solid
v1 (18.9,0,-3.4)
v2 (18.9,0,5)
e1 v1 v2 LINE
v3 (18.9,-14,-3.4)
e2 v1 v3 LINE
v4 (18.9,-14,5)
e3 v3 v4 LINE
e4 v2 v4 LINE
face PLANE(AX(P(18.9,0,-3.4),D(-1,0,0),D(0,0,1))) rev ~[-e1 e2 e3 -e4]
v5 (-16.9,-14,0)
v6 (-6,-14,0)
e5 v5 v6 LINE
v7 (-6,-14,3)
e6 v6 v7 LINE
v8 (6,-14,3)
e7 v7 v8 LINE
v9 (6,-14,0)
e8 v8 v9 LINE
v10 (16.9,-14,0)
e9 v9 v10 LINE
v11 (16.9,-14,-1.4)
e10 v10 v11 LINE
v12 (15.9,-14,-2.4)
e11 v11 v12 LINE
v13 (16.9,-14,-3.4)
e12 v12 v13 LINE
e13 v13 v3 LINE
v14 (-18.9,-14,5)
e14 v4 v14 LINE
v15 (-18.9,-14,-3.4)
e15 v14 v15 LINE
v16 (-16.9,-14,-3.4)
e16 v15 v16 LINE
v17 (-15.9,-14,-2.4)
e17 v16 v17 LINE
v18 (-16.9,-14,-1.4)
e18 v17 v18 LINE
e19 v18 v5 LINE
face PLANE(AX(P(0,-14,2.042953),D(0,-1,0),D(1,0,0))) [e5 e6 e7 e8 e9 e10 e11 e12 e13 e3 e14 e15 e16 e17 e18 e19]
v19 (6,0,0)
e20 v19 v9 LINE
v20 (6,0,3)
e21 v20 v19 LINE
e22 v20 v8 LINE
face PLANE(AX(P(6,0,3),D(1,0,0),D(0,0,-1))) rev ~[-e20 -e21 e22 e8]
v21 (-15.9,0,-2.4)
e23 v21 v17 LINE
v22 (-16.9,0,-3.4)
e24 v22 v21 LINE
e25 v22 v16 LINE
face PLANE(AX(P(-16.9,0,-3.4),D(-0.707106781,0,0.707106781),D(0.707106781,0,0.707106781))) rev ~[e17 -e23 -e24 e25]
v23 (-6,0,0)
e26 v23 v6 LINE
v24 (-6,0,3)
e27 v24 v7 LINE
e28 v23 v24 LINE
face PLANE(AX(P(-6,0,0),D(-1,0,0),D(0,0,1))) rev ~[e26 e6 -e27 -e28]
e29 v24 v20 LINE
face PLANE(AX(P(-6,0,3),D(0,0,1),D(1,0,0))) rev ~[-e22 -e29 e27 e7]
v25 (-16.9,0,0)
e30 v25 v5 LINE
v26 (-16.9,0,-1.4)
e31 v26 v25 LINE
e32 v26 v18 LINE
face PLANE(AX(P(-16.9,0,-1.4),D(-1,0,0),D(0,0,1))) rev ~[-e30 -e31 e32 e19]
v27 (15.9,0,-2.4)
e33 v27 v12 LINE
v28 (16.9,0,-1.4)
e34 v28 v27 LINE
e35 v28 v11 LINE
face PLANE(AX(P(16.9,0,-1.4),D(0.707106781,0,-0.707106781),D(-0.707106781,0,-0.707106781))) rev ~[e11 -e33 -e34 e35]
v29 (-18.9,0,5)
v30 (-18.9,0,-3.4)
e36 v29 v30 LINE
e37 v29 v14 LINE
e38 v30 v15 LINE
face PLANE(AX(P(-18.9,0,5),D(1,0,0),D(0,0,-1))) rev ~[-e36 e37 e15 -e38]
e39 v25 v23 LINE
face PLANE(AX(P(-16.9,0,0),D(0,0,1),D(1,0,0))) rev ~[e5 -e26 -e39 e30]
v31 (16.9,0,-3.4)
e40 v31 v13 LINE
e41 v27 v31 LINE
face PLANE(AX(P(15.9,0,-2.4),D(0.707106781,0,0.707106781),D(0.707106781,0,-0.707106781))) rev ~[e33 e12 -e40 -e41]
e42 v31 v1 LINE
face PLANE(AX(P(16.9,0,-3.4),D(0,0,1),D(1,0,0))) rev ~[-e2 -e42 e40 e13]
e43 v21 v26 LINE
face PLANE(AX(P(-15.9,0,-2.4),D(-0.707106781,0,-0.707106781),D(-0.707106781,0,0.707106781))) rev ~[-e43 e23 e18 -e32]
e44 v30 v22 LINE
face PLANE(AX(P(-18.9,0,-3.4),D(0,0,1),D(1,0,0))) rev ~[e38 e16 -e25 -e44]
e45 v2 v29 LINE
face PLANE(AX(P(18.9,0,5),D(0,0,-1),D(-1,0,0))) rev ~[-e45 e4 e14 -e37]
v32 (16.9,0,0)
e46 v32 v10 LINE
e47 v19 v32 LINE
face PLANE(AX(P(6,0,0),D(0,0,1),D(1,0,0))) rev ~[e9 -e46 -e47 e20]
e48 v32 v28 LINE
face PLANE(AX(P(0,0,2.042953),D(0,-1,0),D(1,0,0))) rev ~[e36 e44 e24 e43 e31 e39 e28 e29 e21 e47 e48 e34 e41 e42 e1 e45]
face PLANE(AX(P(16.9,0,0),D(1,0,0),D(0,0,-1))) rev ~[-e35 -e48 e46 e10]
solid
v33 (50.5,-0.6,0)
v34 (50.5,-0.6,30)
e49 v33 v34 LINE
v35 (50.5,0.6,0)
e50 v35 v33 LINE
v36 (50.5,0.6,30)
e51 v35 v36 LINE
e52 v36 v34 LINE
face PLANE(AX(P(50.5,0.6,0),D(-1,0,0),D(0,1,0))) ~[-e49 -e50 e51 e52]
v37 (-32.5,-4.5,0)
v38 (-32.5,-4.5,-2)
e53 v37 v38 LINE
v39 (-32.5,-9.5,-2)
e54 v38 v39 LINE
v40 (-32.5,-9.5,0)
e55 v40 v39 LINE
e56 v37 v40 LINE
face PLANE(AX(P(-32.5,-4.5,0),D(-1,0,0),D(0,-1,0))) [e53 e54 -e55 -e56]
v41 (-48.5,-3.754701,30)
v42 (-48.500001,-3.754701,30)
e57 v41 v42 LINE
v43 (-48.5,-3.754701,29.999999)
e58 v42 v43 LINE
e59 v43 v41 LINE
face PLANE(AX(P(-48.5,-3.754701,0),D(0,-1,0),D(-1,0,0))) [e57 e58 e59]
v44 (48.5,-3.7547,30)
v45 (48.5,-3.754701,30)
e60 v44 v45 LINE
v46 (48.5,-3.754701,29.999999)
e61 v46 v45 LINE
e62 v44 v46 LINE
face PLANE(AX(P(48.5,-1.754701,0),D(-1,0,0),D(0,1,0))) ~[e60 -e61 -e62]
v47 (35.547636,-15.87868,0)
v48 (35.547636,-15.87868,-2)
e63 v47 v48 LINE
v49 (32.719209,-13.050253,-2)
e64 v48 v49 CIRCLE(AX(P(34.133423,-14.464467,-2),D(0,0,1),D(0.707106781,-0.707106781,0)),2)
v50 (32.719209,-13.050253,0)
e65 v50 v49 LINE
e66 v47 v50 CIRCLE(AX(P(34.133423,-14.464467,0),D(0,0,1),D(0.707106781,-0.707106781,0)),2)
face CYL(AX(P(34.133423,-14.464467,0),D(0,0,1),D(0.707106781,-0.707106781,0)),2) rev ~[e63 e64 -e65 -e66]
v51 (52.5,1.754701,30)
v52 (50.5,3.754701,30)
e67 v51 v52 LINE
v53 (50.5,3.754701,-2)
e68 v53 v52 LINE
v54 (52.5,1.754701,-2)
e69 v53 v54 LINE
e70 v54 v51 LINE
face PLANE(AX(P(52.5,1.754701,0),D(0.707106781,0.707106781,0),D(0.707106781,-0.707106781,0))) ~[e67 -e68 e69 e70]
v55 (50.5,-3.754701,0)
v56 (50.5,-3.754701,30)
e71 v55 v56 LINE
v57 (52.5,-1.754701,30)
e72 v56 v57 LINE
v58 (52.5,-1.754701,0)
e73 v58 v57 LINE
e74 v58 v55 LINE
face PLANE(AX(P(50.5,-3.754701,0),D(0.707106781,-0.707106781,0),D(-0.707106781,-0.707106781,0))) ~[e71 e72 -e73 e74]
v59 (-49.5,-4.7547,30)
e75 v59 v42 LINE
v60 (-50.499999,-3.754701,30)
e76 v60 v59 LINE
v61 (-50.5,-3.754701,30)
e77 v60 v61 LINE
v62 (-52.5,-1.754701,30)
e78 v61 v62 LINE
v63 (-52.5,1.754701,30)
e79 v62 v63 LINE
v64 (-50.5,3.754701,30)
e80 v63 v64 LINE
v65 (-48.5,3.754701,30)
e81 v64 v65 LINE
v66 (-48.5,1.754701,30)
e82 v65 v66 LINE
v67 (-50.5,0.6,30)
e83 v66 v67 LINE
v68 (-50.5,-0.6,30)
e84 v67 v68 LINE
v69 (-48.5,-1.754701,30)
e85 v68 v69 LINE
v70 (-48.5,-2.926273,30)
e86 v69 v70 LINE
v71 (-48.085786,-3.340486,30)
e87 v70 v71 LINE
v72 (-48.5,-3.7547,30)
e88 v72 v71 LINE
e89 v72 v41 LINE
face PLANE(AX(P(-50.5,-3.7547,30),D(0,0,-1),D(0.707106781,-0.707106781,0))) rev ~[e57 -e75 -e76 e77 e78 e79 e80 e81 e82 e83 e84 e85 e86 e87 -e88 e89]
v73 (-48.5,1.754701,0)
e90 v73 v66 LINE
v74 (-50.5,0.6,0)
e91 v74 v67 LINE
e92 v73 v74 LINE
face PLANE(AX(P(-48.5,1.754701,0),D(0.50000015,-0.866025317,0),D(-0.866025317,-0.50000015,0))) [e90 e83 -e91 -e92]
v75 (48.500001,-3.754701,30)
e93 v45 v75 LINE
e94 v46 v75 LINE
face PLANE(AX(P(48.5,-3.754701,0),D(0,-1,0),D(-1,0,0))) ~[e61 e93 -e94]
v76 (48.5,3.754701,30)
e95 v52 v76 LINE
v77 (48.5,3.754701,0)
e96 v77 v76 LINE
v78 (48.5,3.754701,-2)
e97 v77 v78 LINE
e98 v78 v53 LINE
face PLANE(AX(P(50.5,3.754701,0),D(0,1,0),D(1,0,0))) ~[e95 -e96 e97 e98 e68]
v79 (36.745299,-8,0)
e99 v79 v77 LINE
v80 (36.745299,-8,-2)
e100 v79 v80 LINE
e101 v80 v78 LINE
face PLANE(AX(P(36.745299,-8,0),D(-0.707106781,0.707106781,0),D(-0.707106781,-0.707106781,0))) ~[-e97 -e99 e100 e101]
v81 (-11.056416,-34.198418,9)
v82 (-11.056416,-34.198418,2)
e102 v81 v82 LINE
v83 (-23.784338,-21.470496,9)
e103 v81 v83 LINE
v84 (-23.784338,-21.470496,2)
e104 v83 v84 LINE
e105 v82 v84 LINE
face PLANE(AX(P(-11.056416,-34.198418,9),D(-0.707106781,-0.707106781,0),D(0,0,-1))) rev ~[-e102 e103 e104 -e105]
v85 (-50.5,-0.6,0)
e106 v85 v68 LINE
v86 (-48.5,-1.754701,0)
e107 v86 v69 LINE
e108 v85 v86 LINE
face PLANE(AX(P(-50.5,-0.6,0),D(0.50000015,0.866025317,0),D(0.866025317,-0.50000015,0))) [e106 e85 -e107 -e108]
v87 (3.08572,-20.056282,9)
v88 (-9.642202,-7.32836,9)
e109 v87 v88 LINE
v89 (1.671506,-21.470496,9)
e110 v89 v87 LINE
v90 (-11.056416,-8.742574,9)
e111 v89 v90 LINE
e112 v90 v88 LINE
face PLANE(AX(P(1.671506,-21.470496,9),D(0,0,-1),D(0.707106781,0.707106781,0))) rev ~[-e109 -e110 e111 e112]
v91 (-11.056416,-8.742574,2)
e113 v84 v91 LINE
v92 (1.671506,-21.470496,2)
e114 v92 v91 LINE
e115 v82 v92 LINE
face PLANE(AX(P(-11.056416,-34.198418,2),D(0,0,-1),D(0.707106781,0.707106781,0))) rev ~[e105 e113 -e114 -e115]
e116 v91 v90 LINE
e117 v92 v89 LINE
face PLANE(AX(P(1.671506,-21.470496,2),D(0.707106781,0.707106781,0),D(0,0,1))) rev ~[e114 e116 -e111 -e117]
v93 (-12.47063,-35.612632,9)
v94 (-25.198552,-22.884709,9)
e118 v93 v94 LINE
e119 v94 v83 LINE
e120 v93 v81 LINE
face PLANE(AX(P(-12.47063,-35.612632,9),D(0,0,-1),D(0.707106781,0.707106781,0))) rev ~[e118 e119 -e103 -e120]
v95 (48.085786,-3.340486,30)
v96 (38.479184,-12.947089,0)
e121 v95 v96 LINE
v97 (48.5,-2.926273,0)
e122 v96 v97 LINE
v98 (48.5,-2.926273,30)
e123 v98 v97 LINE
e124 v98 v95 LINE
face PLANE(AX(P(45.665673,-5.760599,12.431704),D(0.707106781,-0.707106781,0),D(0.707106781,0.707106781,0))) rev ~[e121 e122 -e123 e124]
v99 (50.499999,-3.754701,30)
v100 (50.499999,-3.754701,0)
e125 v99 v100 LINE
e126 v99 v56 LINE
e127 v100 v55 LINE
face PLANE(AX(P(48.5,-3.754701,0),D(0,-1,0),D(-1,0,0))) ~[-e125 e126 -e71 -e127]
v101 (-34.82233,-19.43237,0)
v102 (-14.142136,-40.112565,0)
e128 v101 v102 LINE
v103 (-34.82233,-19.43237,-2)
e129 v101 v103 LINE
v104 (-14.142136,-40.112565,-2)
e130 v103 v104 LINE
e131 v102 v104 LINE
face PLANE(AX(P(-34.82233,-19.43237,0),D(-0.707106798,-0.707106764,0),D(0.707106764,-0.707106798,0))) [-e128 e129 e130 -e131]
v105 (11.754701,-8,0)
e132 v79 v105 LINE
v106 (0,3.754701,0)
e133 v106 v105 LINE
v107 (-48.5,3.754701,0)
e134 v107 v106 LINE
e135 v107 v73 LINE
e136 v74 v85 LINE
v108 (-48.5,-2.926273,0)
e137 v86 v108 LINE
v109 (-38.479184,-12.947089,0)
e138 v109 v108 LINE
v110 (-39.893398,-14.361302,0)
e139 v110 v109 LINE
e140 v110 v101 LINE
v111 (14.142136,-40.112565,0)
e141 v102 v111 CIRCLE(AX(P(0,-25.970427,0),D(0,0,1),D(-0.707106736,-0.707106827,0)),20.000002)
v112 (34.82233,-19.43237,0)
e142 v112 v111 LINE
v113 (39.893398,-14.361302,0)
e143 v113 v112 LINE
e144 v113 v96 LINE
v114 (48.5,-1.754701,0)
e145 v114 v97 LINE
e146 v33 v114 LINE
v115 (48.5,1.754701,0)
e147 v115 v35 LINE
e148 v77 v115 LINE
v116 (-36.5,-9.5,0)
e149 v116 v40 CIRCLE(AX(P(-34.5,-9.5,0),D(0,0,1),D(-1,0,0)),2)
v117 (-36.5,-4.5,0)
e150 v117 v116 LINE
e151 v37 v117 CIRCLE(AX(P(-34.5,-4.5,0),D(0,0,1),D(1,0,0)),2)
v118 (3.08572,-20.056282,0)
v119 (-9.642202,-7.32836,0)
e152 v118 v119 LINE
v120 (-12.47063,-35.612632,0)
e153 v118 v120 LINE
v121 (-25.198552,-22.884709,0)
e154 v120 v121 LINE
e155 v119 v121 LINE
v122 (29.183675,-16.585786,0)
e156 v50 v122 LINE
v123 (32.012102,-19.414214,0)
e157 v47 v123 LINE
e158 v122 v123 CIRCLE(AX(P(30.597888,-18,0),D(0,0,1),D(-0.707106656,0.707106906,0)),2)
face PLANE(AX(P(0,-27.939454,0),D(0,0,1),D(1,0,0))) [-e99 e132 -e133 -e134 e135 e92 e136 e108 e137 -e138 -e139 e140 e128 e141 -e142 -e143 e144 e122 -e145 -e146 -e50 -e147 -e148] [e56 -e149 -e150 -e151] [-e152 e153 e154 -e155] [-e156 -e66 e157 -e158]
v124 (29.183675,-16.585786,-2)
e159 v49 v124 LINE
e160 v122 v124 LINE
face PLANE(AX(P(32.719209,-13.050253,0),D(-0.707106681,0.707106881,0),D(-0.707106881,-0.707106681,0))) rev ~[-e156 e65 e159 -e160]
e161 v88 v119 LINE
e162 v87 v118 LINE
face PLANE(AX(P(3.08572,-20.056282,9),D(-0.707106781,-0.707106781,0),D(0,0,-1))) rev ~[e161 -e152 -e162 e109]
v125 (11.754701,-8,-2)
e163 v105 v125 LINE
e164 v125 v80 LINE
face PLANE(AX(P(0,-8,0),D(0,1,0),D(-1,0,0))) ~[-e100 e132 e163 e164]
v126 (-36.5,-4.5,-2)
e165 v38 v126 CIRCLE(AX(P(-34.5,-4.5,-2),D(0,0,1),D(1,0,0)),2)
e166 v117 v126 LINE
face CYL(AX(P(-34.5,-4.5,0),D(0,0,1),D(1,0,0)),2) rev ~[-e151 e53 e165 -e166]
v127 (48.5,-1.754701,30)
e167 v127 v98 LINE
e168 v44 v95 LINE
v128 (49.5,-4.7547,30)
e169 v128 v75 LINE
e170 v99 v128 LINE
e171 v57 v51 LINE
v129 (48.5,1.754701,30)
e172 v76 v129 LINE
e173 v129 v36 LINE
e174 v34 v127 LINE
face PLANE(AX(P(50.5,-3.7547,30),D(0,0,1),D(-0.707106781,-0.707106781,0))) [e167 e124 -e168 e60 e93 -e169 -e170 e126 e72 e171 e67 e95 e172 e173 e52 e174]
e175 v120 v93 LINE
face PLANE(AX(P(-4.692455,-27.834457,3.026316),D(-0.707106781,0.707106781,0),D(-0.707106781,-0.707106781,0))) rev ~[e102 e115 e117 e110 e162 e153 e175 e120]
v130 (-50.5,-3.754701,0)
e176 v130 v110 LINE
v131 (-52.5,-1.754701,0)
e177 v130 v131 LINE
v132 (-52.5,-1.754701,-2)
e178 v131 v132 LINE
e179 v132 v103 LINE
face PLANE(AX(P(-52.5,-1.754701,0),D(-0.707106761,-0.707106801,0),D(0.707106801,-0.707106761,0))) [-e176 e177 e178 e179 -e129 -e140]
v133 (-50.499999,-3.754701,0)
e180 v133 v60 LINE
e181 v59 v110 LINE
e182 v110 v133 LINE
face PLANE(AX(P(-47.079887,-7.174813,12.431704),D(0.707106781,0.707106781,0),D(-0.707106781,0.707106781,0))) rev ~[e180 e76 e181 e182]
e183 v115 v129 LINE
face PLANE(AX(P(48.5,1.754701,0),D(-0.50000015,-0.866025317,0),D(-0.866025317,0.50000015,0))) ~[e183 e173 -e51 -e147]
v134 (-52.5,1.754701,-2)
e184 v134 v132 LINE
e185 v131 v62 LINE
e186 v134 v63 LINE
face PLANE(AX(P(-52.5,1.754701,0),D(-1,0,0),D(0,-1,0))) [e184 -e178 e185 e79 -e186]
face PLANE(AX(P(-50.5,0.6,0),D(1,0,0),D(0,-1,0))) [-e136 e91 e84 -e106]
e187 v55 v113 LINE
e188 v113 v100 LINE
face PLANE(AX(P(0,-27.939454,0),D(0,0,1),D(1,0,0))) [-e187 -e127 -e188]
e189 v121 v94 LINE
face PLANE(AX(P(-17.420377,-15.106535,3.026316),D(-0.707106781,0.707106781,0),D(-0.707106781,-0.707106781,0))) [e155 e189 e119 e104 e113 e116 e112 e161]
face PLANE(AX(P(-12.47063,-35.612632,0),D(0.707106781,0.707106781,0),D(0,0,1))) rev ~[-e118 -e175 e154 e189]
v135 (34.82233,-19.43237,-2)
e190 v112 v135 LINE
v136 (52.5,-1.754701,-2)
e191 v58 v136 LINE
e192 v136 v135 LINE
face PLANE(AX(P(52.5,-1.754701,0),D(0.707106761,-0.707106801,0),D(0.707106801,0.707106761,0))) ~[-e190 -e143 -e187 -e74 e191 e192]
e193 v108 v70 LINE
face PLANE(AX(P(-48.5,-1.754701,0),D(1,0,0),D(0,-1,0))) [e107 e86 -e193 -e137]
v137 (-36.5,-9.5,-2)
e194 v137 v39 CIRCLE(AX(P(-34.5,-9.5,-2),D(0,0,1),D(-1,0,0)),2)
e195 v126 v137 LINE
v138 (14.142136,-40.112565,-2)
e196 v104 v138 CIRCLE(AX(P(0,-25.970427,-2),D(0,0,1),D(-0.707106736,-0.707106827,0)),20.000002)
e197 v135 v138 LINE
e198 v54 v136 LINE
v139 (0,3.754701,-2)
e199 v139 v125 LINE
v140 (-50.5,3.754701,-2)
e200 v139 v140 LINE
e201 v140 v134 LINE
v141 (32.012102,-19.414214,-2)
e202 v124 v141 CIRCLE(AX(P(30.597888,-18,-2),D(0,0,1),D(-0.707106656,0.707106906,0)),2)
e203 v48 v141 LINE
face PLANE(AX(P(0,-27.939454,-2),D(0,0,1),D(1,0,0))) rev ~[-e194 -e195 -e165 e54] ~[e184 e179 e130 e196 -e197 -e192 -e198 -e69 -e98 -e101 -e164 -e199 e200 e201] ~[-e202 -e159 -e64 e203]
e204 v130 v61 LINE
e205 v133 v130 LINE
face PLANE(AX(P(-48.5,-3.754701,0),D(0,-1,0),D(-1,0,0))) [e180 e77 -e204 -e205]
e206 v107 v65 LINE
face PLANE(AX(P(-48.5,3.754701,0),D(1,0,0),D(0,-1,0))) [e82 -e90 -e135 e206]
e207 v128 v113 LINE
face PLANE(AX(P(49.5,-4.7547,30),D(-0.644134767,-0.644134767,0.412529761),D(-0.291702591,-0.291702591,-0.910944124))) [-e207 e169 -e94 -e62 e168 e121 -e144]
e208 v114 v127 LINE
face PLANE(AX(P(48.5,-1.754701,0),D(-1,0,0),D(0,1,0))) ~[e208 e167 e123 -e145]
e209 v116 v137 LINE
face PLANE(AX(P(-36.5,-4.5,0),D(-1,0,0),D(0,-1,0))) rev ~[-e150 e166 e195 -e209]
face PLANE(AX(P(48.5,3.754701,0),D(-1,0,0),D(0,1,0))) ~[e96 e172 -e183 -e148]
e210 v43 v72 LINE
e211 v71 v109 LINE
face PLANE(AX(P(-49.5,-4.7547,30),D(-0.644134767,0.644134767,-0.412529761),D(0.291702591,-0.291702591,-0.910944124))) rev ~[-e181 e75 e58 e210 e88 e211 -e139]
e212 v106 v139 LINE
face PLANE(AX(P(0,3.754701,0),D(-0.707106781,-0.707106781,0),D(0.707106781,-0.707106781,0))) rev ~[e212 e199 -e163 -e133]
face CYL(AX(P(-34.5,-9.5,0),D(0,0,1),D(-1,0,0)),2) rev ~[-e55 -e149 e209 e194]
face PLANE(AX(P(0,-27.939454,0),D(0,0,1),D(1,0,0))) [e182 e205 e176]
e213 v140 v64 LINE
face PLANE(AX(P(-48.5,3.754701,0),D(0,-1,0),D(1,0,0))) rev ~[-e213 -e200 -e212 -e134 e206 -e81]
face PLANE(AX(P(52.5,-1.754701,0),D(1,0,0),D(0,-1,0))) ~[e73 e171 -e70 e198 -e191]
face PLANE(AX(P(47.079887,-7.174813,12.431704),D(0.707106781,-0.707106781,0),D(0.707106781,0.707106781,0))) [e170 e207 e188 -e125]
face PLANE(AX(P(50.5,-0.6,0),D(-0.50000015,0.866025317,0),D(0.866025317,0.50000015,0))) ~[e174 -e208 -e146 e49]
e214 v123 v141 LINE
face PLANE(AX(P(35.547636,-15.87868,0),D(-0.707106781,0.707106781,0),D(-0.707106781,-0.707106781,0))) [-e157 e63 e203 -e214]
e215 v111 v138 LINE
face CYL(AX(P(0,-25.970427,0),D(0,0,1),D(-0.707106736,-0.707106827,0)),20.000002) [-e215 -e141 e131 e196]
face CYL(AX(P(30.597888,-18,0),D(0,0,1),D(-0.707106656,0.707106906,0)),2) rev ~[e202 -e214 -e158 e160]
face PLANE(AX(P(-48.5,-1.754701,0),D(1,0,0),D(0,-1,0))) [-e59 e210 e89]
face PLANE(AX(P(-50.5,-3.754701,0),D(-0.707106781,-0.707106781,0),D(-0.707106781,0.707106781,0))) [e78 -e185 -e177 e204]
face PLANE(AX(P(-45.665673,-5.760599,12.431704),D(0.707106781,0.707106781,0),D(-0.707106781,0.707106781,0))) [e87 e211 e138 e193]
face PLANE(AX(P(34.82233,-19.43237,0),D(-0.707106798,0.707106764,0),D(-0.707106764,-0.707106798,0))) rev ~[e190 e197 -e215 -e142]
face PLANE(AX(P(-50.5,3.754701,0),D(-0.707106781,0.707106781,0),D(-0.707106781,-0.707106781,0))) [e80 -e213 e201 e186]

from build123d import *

# Parameters (mm, degrees)
PAD_DEPTH    = 14
PAD001_DEPTH = 30
PAD002_DEPTH = 2
PAD003_DEPTH = 2
PAD004_DEPTH = 2
POCKET_DEPTH = 2.001
PAD005_DEPTH = 18
PAD006_DEPTH = 2
PAD007_DEPTH = 2


with BuildPart() as cableclampbody:
    # Sketch → Pad (new body)
    with BuildSketch(Plane.XZ):
        Polygon((-6, 0), (-6, 3), (6, 3), (6, 0), (16.9, 0), (16.9, -1.4), (15.9, -2.4), (16.9, -3.4), (18.9, -3.4), (18.9, 5), (-18.9, 5), (-18.9, -3.4), (-16.9, -3.4), (-15.9, -2.4), (-16.9, -1.4), (-16.9, 0), align=None)
    extrude(amount=PAD_DEPTH)


with BuildPart() as gw60holderbody:
    # Sketch001 → Pad001 (new body)
    with BuildSketch(Plane.XY):
        Polygon((-50.5, 0.6), (-50.5, -0.6), (-48.5, -1.754701), (-48.5, -3.754701), (-50.5, -3.754701), (-52.5, -1.754701), (-52.5, 1.754701), (-50.5, 3.754701), (-48.5, 3.754701), (-48.5, 1.754701), align=None)
    pad001 = extrude(amount=PAD001_DEPTH)

    # Sketch002 → Pad002 (join)
    with BuildSketch(Plane.XY):
        Polygon((-48.5, 3.754701), (-50.5, 3.754701), (-52.5, 1.754701), (-52.5, -1.754701), (-34.82233, -19.43237), (0, -19.43237), (0, -8), (-36.745299, -8), align=None)
    pad002 = extrude(amount=-PAD002_DEPTH)

    # Mirrored: Pad002, Pad001 across Sketch002 V_Axis
    add(pad002.mirror(Plane(origin=(0, 0, 0), x_dir=(0, 0, 1), z_dir=(1, 0, 0))))
    add(pad001.mirror(Plane(origin=(0, 0, 0), x_dir=(0, 0, 1), z_dir=(1, 0, 0))))

    # Sketch003 → Pad003 (join)
    with BuildSketch(Plane.XY):
        Polygon((11.754701, -8), (-36.745299, -8), (-48.5, 3.754701), (0, 3.754701), align=None)
    extrude(amount=-PAD003_DEPTH)

    # Sketch004 → Pad004 (join)
    with BuildSketch(Plane.XY):
        with BuildLine():
            Line((-34.82233, -19.43237), (-14.142136, -40.112565))
            ThreePointArc((-14.142136, -40.112565), (0, -45.970429), (14.142136, -40.112565))
            Line((34.82233, -19.43237), (14.142136, -40.112565))
            Line((34.82233, -19.43237), (-34.82233, -19.43237))
        make_face()
    extrude(amount=-PAD004_DEPTH)

    # Sketch005 → Pocket (cut, through all)
    with BuildSketch(Plane.XY):
        with BuildLine():
            ThreePointArc((-32.5, -4.5), (-34.5, -2.5), (-36.5, -4.5))
            Line((-36.5, -4.5), (-36.5, -9.5))
            ThreePointArc((-36.5, -9.5), (-34.5, -11.5), (-32.5, -9.5))
            Line((-32.5, -4.5), (-32.5, -9.5))
        make_face()
        with BuildLine():
            ThreePointArc((35.547636, -15.87868), (35.547636, -13.050253), (32.719209, -13.050253))
            Line((32.719209, -13.050253), (29.183675, -16.585786))
            ThreePointArc((29.183675, -16.585786), (29.183675, -19.414214), (32.012102, -19.414214))
            Line((35.547636, -15.87868), (32.012102, -19.414214))
        make_face()
    extrude(amount=-POCKET_DEPTH, mode=Mode.SUBTRACT)

    # Sketch006 (on Face20 of Pocket) → Pad005 (join)
    with BuildSketch(Plane(origin=(11.571001, -11.571001, 0), x_dir=(0.707107, 0.707107, 0), z_dir=(0.707107, -0.707107, 0))):
        Polygon((-34, 0), (-34, 9), (-32, 9), (-32, 2), (-14, 2), (-14, 9), (-12, 9), (-12, 0), align=None)
    extrude(amount=-PAD005_DEPTH)

    # Sketch007 (on Face20 of Pad005) → Pad006 (join)
    with BuildSketch(Plane(origin=(27.12735, -27.12735, 0), x_dir=(0.707107, 0.707107, 0), z_dir=(0.707107, -0.707107, 0))):
        Polygon((18.053918, 0), (33.053918, 0), (33.053918, 30), (31.639705, 30), align=None)
    extrude(amount=-PAD006_DEPTH)

    # Sketch008 (on Face20 of Pad006) → Pad007 (join)
    with BuildSketch(Plane(origin=(-27.12735, -27.12735, 0), x_dir=(0.707107, -0.707107, 0), z_dir=(-0.707107, -0.707107, 0))):
        Polygon((-18.053918, 0), (-33.053918, 0), (-33.053918, 30), (-31.639705, 30), align=None)
    extrude(amount=-PAD007_DEPTH)


solid = Compound([cableclampbody.part, gw60holderbody.part])
